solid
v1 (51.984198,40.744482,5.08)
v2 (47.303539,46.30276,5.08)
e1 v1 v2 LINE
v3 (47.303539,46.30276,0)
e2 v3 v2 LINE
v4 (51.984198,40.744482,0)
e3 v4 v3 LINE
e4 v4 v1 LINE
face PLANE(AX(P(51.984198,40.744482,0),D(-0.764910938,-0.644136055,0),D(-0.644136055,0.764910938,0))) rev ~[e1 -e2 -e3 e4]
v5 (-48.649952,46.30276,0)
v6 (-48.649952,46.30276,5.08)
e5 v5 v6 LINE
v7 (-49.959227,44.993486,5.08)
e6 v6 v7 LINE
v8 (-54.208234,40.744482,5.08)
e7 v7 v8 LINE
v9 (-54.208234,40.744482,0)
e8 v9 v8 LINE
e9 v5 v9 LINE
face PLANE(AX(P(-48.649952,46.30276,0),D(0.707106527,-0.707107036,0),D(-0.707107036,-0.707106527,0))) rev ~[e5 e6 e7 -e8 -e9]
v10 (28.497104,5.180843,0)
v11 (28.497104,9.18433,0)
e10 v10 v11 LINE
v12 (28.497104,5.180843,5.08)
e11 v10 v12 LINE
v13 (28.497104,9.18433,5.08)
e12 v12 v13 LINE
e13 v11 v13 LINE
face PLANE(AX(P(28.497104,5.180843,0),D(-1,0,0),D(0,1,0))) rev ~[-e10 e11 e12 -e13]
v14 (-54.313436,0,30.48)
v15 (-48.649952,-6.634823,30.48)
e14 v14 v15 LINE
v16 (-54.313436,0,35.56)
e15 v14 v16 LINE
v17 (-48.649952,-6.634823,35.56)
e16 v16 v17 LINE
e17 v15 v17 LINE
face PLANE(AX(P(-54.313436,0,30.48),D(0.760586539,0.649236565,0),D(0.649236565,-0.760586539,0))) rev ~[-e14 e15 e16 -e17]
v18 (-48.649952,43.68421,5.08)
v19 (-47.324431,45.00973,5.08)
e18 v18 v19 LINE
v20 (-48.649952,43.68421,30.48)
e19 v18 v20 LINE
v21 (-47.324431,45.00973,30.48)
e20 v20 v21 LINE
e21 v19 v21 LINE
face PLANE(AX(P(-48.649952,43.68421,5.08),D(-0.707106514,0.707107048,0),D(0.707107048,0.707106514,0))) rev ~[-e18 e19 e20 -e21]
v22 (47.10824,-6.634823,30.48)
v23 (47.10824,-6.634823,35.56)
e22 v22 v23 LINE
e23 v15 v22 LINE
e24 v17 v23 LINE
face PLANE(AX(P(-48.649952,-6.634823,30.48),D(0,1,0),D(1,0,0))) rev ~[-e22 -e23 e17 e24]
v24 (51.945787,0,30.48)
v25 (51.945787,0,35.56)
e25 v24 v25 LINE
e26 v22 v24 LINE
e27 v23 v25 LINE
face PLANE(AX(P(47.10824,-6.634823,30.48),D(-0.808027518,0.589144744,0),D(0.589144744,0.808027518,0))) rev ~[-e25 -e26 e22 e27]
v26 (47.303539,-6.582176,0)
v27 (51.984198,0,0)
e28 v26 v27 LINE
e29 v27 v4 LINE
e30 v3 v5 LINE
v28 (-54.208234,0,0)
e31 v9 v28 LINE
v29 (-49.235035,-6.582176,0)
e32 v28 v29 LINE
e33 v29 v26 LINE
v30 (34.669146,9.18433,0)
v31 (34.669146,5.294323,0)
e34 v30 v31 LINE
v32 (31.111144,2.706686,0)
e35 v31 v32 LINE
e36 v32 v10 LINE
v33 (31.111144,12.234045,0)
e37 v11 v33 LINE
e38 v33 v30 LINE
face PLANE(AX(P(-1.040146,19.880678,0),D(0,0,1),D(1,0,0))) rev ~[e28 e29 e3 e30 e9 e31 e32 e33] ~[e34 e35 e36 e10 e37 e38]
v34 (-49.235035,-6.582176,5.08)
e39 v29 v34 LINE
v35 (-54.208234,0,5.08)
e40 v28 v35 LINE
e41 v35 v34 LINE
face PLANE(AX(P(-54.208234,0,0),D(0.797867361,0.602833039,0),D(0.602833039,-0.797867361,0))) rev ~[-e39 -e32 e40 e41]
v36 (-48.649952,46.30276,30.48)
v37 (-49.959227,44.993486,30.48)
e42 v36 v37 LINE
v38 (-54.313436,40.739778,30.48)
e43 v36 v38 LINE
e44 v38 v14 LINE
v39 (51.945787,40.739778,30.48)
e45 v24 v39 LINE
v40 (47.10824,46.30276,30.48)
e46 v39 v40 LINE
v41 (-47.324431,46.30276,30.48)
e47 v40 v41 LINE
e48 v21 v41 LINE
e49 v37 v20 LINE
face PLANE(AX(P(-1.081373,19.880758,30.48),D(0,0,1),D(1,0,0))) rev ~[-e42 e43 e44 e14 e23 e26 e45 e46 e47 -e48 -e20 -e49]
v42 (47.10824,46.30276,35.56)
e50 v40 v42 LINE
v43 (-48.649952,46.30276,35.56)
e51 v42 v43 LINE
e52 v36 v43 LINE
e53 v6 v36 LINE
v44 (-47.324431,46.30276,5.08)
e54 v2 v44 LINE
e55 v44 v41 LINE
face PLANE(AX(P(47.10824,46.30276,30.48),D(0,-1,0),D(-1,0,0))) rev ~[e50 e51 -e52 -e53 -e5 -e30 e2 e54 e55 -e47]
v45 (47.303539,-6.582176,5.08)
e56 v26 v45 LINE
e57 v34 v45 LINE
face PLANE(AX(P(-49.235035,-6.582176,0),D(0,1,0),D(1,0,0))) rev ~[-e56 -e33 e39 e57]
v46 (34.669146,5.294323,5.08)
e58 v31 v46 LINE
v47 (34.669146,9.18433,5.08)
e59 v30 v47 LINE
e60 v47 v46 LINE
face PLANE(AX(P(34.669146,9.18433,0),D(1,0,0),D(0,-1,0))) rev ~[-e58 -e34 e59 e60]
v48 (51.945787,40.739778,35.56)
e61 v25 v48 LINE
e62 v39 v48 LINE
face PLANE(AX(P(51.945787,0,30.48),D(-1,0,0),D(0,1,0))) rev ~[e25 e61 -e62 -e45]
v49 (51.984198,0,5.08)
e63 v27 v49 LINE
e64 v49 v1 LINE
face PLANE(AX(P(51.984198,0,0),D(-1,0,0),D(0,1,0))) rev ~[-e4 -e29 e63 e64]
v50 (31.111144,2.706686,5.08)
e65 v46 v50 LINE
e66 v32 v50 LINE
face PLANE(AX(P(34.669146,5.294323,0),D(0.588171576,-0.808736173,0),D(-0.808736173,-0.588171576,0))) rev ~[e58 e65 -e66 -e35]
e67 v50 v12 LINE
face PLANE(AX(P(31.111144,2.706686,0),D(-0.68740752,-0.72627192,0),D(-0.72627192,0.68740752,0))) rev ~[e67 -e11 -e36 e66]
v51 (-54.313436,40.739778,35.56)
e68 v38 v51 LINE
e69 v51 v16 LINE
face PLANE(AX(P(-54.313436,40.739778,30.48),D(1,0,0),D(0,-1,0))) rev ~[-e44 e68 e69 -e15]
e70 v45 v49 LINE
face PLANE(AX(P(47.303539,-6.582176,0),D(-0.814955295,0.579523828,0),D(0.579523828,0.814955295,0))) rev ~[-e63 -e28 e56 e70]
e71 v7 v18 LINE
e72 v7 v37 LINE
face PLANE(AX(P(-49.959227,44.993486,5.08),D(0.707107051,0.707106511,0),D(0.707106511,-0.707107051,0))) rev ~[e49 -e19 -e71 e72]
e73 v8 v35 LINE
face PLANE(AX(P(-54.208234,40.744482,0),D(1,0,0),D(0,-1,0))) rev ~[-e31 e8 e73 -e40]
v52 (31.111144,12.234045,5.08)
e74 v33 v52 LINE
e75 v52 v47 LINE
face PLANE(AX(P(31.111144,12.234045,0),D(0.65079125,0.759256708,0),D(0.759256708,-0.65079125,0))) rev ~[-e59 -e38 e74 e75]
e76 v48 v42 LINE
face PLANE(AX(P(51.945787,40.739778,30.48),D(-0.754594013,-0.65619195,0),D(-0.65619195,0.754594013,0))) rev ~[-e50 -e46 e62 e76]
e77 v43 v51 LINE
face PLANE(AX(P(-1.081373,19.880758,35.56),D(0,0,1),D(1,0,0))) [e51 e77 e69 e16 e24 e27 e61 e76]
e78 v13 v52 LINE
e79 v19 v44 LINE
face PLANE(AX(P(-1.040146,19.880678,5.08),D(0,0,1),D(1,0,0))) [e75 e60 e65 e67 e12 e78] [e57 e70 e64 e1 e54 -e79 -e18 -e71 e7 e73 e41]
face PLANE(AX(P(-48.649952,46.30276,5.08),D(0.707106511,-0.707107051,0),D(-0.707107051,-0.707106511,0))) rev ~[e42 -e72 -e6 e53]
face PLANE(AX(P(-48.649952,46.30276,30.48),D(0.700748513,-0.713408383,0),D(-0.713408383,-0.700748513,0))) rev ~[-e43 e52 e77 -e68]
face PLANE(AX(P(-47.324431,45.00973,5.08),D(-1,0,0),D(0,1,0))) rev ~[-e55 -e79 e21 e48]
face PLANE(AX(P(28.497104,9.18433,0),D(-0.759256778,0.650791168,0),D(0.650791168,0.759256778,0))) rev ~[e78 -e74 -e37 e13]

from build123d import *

# Parameters (mm, degrees)
F1_DEPTH = 5.08
F3_DEPTH = 25.4
F5_DEPTH = 5.08
F7_DEPTH = 5.08


with BuildPart() as f1:
    # F0 (on Top) → F1 (new body)
    with BuildSketch(Plane.XY):
        Polygon((47.303539, 46.30276), (-48.649952, 46.30276), (-54.208234, 40.744482), (-54.208234, 0), (-49.235035, -6.582176), (47.303539, -6.582176), (51.984198, 0), (51.984198, 40.744482), align=None)
    extrude(amount=F1_DEPTH)

    # F2 (on face) → F3 (join)
    with BuildSketch(Plane.XY.offset(5.08)):
        Polygon((-48.649952, 46.30276), (-49.959227, 44.993486), (-48.649952, 43.68421), (-47.324431, 45.00973), (-47.324431, 46.30276), align=None)
    extrude(amount=F3_DEPTH)

    # F4 (on face) → F5 (join)
    with BuildSketch(Plane.XY.offset(30.48)):
        Polygon((47.10824, 46.30276), (-48.649952, 46.30276), (-54.313436, 40.739778), (-54.313436, 0), (-48.649952, -6.634823), (47.10824, -6.634823), (51.945787, 0), (51.945787, 40.739778), align=None)
    extrude(amount=F5_DEPTH)

    # F6 (on face) → F7 (cut)
    with BuildSketch(Plane(origin=(0, 0, 0), x_dir=(1, 0, 0), z_dir=(0, 0, -1))):
        Polygon((34.669146, -9.18433), (34.669146, -5.294323), (31.111144, -2.706686), (28.497104, -5.180843), (28.497104, -9.18433), (31.111144, -12.234045), align=None)
    extrude(amount=-F7_DEPTH, mode=Mode.SUBTRACT)


solid = f1.part
